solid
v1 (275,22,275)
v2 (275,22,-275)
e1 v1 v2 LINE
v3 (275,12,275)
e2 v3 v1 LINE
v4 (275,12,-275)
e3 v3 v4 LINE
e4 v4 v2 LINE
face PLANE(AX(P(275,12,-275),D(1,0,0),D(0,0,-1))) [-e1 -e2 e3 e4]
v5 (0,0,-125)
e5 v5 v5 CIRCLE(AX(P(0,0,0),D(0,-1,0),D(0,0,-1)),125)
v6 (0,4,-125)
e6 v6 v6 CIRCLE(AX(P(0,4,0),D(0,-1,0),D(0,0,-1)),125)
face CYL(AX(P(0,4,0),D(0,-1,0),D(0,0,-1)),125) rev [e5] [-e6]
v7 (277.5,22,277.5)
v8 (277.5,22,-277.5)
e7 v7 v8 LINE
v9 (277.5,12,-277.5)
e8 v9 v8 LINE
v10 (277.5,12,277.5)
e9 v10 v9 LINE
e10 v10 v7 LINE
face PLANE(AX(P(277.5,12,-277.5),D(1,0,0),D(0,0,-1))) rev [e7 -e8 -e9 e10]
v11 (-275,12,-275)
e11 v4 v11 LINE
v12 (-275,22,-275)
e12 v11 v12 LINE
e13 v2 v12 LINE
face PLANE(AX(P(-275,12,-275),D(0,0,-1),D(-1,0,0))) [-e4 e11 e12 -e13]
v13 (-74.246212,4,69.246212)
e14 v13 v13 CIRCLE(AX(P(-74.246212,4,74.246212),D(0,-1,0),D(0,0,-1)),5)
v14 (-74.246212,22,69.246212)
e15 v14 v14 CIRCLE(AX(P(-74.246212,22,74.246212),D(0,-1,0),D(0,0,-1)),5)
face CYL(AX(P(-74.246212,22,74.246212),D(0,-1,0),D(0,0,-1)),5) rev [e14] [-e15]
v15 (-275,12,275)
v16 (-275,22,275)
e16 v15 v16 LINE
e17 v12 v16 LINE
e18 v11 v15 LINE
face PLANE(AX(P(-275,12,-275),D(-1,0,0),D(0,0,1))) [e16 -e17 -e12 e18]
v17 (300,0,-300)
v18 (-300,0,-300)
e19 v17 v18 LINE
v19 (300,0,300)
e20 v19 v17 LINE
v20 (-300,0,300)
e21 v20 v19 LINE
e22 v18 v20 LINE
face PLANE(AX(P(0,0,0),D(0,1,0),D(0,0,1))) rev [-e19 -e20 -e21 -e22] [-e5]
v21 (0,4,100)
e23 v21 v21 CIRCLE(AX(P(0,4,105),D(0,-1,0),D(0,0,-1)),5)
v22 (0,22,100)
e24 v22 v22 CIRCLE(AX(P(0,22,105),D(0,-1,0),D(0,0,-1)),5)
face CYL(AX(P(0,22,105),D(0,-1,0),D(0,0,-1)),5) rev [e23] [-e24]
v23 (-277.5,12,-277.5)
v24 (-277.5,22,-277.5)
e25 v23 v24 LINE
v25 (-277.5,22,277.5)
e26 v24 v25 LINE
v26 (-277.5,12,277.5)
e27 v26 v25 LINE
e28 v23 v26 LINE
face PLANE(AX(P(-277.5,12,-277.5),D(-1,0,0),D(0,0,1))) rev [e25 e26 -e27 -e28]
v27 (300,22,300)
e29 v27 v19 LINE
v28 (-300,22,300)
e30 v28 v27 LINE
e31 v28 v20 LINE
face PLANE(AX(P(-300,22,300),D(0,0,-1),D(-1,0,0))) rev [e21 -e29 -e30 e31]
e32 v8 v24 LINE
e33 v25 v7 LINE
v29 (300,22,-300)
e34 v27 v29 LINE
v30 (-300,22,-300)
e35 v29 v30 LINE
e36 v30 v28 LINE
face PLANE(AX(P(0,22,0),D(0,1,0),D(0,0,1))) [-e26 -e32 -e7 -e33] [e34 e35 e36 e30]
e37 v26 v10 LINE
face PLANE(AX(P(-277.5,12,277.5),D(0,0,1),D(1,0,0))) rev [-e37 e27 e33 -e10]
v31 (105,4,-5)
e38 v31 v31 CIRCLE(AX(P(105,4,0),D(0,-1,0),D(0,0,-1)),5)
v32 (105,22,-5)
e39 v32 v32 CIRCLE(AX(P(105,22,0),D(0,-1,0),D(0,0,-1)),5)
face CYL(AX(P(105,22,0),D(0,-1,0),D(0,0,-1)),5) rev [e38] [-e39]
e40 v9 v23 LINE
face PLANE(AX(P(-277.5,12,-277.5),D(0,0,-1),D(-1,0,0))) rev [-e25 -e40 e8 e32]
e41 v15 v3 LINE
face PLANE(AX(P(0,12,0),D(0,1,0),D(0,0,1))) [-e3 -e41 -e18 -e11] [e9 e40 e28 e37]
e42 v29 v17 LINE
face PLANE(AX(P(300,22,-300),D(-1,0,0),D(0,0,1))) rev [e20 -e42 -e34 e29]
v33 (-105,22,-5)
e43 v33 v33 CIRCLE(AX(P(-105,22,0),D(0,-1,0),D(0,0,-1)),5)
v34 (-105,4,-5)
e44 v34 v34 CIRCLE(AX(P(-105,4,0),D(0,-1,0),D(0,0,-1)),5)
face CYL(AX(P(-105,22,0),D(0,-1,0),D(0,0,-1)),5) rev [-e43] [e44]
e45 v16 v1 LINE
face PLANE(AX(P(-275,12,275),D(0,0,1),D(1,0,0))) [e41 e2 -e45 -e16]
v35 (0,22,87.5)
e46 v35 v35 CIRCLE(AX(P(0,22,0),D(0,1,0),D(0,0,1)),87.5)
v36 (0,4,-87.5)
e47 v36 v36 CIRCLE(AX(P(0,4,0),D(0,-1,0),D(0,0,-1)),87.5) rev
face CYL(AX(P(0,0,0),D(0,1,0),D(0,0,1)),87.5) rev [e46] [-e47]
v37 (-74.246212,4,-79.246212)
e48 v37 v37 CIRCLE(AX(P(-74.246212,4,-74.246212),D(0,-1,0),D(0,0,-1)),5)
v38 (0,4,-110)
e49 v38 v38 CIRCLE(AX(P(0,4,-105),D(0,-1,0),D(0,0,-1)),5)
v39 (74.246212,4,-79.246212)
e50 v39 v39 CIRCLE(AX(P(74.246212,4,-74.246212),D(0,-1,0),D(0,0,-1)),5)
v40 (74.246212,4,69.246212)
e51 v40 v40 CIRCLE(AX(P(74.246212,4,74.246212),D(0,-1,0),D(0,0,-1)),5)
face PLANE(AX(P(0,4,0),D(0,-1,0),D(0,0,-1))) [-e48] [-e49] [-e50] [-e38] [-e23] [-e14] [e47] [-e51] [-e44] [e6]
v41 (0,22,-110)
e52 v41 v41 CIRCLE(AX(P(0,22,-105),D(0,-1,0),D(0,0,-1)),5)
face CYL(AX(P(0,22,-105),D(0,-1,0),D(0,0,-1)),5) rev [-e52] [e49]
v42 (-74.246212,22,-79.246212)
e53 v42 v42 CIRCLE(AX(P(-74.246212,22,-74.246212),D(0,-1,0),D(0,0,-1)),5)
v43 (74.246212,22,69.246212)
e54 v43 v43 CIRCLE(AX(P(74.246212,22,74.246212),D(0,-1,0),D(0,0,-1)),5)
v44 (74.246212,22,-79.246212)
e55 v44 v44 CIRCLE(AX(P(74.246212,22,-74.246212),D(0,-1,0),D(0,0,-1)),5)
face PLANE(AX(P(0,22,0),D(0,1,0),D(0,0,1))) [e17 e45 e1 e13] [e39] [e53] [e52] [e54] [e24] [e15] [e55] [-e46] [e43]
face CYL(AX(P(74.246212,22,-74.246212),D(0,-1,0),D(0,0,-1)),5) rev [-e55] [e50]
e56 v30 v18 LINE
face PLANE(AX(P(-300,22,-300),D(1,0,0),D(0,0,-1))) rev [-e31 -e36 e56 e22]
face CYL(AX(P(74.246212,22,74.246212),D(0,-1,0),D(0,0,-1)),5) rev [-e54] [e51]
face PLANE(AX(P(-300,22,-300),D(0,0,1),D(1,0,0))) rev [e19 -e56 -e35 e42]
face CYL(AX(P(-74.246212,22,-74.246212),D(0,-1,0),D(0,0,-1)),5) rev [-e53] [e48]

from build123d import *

# Parameters (mm, degrees)
SKETCH1_W          = 600
SKETCH1_H          = 600
PLATE_DEPTH        = 22
SKETCH2_R          = 87.5
BEARING_HOLE_DEPTH = 425.834085262
SKETCH4_W          = 555
SKETCH4_H          = 555
SKETCH4_W_2        = 550
SKETCH4_H_2        = 550
CUT_EXTRUDE3_DEPTH = 10
SKETCH5_R          = 125
CUT_EXTRUDE4_DEPTH = 4
SKETCH6_R          = 5
CUT_EXTRUDE5_DEPTH = 425.645734701


with BuildPart() as part:
    # Sketch1 → plate (new body)
    with BuildSketch(Plane(origin=(0, 0, 0), x_dir=(1, 0, 0), z_dir=(0, 1, 0))):
        Rectangle(SKETCH1_W, SKETCH1_H)
    extrude(amount=PLATE_DEPTH)

    # Sketch2 → bearing-hole (cut, through all)
    with BuildSketch(Plane(origin=(0, 22, 0), x_dir=(1, 0, 0), z_dir=(0, 1, 0))):
        with Locations(Location((0, 0, 0), (0, 0, 270))):
            Circle(SKETCH2_R)
    extrude(amount=-BEARING_HOLE_DEPTH, mode=Mode.SUBTRACT)

    # Sketch4 → Cut-Extrude3 (cut)
    with BuildSketch(Plane(origin=(0, 22, 0), x_dir=(1, 0, 0), z_dir=(0, 1, 0))):
        Rectangle(SKETCH4_W, SKETCH4_H)
        Rectangle(SKETCH4_W_2, SKETCH4_H_2, mode=Mode.SUBTRACT)
    extrude(amount=-CUT_EXTRUDE3_DEPTH, mode=Mode.SUBTRACT)

    # Sketch5 → Cut-Extrude4 (cut)
    with BuildSketch(Plane.XZ):
        with Locations(Location((0, 0, 0), (0, 0, 270))):
            Circle(SKETCH5_R)
    extrude(amount=-CUT_EXTRUDE4_DEPTH, mode=Mode.SUBTRACT)

    # Sketch6 → Cut-Extrude5 (cut, through all)
    with BuildSketch(Plane.XZ.offset(-4)):
        with Locations(Location((0, 105, 0), (0, 0, 270))):
            Circle(SKETCH6_R)
        with Locations(Location((74.246212025, 74.246212025, 0), (0, 0, 270))):
            Circle(SKETCH6_R)
        with Locations(Location((105, 0, 0), (0, 0, 270))):
            Circle(SKETCH6_R)
        with Locations(Location((74.246212025, -74.246212025, 0), (0, 0, 270))):
            Circle(SKETCH6_R)
        with Locations(Location((0, -105, 0), (0, 0, 270))):
            Circle(SKETCH6_R)
        with Locations(Location((-74.246212025, -74.246212025, 0), (0, 0, 270))):
            Circle(SKETCH6_R)
        with Locations(Location((-105, 0, 0), (0, 0, 270))):
            Circle(SKETCH6_R)
        with Locations(Location((-74.246212025, 74.246212025, 0), (0, 0, 270))):
            Circle(SKETCH6_R)
    extrude(amount=-CUT_EXTRUDE5_DEPTH, mode=Mode.SUBTRACT)


solid = part.part
